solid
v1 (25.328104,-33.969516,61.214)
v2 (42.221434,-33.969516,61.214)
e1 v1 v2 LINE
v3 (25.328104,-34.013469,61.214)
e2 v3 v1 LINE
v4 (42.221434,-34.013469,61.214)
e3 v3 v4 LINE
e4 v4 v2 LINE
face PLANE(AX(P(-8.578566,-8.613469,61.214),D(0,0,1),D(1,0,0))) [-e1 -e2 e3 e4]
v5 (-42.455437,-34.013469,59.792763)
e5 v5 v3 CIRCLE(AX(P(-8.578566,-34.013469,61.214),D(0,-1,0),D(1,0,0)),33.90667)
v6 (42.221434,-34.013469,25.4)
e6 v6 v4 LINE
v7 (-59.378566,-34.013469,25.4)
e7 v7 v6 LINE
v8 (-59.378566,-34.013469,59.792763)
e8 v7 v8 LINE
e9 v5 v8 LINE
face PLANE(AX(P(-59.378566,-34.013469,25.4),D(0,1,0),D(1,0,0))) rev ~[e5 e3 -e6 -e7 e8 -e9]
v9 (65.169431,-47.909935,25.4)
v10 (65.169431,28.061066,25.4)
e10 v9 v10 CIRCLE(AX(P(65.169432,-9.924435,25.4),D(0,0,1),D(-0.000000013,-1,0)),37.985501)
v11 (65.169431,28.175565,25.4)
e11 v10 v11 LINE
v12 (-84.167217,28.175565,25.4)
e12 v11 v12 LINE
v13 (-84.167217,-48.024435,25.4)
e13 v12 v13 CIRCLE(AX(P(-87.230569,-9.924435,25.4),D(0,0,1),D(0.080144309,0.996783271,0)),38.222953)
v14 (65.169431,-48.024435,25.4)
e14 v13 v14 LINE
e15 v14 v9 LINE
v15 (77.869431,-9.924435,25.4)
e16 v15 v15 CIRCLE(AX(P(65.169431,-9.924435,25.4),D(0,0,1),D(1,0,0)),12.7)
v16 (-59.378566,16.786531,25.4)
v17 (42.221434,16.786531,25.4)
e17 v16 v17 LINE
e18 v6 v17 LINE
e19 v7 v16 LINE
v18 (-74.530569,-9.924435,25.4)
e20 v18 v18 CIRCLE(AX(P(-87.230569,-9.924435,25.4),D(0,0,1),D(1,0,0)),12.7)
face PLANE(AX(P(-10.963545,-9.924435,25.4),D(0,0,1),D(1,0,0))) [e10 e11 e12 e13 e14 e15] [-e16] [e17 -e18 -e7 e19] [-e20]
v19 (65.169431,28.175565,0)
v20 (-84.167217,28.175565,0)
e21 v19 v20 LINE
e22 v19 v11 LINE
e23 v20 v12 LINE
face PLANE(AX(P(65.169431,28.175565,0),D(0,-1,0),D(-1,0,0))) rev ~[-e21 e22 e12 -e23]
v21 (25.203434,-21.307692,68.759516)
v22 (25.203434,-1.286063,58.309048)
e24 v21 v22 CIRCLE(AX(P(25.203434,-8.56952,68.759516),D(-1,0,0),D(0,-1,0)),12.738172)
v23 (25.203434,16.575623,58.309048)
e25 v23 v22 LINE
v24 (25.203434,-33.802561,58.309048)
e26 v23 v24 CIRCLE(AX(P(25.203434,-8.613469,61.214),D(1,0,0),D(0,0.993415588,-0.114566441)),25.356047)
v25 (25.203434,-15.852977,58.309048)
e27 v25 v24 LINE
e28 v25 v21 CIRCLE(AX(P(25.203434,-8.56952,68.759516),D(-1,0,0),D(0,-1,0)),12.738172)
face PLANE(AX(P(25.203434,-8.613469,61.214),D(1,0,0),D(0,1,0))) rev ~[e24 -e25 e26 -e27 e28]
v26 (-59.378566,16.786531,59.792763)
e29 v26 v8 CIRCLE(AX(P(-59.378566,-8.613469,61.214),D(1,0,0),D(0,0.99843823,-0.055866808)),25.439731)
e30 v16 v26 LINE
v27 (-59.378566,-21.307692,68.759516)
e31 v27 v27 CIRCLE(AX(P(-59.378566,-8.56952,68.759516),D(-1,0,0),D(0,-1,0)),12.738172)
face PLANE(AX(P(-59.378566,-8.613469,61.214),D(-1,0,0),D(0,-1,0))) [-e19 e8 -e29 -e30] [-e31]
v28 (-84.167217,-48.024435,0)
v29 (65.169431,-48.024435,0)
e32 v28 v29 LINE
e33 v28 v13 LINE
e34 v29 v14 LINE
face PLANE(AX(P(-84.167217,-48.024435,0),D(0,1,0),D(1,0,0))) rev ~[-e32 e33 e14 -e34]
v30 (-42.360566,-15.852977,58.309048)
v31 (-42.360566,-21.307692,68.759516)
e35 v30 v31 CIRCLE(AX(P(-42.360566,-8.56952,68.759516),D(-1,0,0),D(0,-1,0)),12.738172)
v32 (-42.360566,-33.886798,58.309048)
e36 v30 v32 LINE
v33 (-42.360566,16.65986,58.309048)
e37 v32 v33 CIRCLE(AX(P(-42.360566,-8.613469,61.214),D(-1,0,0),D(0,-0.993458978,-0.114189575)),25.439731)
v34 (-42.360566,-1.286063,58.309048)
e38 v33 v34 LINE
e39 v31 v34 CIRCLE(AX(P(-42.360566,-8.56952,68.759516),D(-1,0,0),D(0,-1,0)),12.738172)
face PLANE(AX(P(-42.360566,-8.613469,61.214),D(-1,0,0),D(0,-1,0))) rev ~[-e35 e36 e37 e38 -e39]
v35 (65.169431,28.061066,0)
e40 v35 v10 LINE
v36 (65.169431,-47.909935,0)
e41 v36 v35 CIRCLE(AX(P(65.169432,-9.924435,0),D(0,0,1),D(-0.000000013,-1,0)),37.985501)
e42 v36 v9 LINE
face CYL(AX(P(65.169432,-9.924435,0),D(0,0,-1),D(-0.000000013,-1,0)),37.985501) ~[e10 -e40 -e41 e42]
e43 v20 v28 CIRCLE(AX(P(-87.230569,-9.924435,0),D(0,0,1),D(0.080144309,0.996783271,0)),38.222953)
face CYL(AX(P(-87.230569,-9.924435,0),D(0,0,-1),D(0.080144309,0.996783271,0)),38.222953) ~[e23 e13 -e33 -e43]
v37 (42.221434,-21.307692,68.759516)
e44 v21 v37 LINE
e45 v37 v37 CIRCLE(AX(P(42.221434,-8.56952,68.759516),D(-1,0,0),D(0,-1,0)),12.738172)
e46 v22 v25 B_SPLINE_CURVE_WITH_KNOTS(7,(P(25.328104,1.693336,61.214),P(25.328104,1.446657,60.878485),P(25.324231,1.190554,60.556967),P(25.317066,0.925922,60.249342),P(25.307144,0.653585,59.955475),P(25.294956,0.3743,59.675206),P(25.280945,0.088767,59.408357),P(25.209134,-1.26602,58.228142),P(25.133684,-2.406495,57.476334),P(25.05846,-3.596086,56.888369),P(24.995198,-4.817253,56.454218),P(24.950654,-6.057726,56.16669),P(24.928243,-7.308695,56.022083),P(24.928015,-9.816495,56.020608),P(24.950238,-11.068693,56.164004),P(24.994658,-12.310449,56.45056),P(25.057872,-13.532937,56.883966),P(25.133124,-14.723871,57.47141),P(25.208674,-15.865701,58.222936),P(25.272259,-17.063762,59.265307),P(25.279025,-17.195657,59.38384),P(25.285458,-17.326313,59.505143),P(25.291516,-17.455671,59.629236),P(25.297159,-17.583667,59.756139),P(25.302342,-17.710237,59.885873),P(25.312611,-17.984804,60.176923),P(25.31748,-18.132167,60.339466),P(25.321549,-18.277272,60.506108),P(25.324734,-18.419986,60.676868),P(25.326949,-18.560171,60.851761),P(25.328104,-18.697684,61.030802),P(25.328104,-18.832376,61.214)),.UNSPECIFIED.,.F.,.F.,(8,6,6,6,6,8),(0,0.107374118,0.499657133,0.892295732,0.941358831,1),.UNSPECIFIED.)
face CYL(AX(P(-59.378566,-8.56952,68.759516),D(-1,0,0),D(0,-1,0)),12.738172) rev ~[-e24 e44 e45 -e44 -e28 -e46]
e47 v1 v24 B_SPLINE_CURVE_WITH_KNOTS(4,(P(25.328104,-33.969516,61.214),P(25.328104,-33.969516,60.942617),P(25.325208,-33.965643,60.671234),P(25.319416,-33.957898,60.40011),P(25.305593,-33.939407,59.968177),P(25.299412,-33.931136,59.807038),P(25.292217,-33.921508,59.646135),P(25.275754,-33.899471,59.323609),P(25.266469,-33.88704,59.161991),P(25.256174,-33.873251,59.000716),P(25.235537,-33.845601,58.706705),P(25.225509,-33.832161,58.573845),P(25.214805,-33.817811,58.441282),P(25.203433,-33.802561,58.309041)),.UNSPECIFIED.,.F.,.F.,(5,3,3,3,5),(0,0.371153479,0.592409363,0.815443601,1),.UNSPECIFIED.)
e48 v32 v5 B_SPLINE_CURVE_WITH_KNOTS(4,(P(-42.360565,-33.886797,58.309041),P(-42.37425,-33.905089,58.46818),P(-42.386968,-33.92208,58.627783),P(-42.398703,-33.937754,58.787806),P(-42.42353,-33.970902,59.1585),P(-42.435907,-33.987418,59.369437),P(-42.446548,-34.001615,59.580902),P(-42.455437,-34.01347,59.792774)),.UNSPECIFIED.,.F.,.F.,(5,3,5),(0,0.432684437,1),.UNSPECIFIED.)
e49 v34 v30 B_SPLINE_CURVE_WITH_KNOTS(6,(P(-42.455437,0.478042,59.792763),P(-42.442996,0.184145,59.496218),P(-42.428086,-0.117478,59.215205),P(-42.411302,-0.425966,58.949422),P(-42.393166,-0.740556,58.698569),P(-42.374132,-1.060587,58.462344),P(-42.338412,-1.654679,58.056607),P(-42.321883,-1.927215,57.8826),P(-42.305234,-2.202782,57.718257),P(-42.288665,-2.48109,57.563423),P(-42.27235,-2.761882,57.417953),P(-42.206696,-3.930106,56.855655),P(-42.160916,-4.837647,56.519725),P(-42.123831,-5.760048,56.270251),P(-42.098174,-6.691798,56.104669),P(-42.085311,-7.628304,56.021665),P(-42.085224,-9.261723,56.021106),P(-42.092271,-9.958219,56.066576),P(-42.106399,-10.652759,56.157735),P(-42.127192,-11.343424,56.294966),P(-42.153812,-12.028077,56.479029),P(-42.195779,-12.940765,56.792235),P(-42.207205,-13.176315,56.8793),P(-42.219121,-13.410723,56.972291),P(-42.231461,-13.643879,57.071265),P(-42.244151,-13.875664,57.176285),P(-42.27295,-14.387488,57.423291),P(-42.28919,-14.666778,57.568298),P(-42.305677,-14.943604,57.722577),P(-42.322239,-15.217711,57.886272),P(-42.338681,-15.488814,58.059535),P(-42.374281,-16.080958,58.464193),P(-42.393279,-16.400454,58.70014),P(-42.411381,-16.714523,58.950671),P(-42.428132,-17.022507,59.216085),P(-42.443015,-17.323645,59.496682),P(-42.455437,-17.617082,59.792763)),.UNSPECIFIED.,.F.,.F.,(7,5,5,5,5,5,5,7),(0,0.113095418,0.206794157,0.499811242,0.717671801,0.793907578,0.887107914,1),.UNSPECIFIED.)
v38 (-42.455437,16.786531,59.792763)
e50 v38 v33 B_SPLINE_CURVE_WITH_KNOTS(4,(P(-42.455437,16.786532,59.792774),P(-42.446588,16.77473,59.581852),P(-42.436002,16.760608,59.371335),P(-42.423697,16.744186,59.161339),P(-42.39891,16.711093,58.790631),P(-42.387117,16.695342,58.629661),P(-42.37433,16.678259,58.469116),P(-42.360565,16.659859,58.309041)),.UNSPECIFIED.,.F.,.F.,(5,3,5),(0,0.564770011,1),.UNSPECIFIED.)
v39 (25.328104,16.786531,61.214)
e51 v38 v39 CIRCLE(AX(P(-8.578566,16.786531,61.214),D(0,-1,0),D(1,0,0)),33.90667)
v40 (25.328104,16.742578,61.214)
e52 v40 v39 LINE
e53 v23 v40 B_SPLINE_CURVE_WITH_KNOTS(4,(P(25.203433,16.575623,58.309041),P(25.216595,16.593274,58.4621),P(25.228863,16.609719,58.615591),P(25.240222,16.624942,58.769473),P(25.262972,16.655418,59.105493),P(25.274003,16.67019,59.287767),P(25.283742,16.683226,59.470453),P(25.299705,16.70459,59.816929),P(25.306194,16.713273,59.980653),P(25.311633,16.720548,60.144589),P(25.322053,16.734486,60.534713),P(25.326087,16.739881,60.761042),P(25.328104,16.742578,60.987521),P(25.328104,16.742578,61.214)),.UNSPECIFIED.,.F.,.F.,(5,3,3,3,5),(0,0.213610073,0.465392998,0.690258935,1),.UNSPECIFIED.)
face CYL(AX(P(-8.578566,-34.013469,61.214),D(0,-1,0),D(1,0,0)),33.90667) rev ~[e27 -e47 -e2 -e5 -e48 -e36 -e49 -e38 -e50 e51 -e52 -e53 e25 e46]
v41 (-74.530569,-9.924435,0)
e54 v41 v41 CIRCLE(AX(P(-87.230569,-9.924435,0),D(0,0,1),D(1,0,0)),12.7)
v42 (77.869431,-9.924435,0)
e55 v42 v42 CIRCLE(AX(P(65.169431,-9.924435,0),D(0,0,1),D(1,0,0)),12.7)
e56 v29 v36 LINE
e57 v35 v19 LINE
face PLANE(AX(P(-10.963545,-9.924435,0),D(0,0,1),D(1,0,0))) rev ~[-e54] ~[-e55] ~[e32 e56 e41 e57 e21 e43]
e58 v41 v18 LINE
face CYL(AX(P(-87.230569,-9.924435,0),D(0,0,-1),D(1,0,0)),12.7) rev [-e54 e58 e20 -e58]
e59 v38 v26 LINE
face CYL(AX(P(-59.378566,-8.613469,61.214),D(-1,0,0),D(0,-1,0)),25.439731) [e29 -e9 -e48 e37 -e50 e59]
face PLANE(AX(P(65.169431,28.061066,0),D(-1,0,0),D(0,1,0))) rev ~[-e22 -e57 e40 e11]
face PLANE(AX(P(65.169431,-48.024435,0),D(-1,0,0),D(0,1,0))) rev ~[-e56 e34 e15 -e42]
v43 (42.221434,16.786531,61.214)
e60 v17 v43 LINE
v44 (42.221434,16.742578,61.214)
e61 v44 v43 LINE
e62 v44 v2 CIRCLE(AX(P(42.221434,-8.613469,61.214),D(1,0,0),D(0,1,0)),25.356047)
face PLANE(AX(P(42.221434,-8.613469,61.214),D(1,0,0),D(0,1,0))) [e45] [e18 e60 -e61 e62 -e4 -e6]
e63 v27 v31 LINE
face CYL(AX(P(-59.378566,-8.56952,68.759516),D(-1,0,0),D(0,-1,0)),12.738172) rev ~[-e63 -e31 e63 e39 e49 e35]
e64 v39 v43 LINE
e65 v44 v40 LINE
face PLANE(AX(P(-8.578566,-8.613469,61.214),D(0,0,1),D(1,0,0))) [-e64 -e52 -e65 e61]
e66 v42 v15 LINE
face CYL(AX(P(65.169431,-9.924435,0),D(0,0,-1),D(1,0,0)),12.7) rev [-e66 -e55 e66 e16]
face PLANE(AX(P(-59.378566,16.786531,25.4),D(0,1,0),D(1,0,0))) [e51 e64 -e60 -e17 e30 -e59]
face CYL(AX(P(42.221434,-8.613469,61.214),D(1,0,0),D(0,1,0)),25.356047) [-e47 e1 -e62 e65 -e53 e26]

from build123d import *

# Parameters (mm, degrees)
F0_R      = 12.7
F1_DEPTH  = 25.4
F2_W      = 101.6
F2_H      = 50.8
F3_DEPTH  = 35.814
F4_R      = 33.90667
F5_DEPTH  = 57.658
F6_R      = 25.439731
F7_DEPTH  = 17.018
F8_R      = 25.356047
F9_DEPTH  = 17.018
F10_R     = 12.738172
F11_DEPTH = 121.666


with BuildPart() as f1:
    # F0 (on Top) → F1 (new body)
    with BuildSketch(Plane.XY):
        with BuildLine():
            Line((65.169431, 28.175565), (-84.167217, 28.175565))
            ThreePointArc((-84.167217, 28.175565), (-125.453522, -9.924435), (-84.167217, -48.024435))
            Line((-84.167217, -48.024435), (65.169431, -48.024435))
            Line((65.169431, -48.024435), (65.169431, -47.909935))
            ThreePointArc((65.169431, -47.909935), (103.154932, -9.924435), (65.169431, 28.061066))
            Line((65.169431, 28.061066), (65.169431, 28.175565))
        make_face()
        with Locations((-87.230569, -9.924435)):
            Circle(F0_R, mode=Mode.SUBTRACT)
        with Locations((65.169431, -9.924435)):
            Circle(F0_R, mode=Mode.SUBTRACT)
    extrude(amount=F1_DEPTH)

    # F2 (on face) → F3 (join)
    with BuildSketch(Plane.XY.offset(25.4)):
        with Locations((-8.578566, -8.613469)):
            Rectangle(F2_W, F2_H)
    extrude(amount=F3_DEPTH)

    # F4 (on face) → F5 (cut)
    with BuildSketch(Plane.XZ.offset(34.013469)):
        with Locations((-8.578566, 61.214)):
            Circle(F4_R)
    extrude(amount=-F5_DEPTH, mode=Mode.SUBTRACT)

    # F6 (on face) → F7 (join)
    with BuildSketch(Plane(origin=(-59.378566, 0, 0), x_dir=(0, -1, 0), z_dir=(-1, 0, 0))):
        with Locations((8.613469, 61.214)):
            Circle(F6_R)
    extrude(amount=-F7_DEPTH)

    # F8 (on face) → F9 (join)
    with BuildSketch(Plane.YZ.offset(42.221434)):
        with Locations((-8.613469, 61.214)):
            Circle(F8_R)
    extrude(amount=-F9_DEPTH)

    # F10 (on face) → F11 (cut)
    with BuildSketch(Plane(origin=(-59.378566, 0, 0), x_dir=(0, -1, 0), z_dir=(-1, 0, 0))):
        with Locations((8.56952, 68.759516)):
            Circle(F10_R)
    extrude(amount=-F11_DEPTH, mode=Mode.SUBTRACT)


solid = f1.part
